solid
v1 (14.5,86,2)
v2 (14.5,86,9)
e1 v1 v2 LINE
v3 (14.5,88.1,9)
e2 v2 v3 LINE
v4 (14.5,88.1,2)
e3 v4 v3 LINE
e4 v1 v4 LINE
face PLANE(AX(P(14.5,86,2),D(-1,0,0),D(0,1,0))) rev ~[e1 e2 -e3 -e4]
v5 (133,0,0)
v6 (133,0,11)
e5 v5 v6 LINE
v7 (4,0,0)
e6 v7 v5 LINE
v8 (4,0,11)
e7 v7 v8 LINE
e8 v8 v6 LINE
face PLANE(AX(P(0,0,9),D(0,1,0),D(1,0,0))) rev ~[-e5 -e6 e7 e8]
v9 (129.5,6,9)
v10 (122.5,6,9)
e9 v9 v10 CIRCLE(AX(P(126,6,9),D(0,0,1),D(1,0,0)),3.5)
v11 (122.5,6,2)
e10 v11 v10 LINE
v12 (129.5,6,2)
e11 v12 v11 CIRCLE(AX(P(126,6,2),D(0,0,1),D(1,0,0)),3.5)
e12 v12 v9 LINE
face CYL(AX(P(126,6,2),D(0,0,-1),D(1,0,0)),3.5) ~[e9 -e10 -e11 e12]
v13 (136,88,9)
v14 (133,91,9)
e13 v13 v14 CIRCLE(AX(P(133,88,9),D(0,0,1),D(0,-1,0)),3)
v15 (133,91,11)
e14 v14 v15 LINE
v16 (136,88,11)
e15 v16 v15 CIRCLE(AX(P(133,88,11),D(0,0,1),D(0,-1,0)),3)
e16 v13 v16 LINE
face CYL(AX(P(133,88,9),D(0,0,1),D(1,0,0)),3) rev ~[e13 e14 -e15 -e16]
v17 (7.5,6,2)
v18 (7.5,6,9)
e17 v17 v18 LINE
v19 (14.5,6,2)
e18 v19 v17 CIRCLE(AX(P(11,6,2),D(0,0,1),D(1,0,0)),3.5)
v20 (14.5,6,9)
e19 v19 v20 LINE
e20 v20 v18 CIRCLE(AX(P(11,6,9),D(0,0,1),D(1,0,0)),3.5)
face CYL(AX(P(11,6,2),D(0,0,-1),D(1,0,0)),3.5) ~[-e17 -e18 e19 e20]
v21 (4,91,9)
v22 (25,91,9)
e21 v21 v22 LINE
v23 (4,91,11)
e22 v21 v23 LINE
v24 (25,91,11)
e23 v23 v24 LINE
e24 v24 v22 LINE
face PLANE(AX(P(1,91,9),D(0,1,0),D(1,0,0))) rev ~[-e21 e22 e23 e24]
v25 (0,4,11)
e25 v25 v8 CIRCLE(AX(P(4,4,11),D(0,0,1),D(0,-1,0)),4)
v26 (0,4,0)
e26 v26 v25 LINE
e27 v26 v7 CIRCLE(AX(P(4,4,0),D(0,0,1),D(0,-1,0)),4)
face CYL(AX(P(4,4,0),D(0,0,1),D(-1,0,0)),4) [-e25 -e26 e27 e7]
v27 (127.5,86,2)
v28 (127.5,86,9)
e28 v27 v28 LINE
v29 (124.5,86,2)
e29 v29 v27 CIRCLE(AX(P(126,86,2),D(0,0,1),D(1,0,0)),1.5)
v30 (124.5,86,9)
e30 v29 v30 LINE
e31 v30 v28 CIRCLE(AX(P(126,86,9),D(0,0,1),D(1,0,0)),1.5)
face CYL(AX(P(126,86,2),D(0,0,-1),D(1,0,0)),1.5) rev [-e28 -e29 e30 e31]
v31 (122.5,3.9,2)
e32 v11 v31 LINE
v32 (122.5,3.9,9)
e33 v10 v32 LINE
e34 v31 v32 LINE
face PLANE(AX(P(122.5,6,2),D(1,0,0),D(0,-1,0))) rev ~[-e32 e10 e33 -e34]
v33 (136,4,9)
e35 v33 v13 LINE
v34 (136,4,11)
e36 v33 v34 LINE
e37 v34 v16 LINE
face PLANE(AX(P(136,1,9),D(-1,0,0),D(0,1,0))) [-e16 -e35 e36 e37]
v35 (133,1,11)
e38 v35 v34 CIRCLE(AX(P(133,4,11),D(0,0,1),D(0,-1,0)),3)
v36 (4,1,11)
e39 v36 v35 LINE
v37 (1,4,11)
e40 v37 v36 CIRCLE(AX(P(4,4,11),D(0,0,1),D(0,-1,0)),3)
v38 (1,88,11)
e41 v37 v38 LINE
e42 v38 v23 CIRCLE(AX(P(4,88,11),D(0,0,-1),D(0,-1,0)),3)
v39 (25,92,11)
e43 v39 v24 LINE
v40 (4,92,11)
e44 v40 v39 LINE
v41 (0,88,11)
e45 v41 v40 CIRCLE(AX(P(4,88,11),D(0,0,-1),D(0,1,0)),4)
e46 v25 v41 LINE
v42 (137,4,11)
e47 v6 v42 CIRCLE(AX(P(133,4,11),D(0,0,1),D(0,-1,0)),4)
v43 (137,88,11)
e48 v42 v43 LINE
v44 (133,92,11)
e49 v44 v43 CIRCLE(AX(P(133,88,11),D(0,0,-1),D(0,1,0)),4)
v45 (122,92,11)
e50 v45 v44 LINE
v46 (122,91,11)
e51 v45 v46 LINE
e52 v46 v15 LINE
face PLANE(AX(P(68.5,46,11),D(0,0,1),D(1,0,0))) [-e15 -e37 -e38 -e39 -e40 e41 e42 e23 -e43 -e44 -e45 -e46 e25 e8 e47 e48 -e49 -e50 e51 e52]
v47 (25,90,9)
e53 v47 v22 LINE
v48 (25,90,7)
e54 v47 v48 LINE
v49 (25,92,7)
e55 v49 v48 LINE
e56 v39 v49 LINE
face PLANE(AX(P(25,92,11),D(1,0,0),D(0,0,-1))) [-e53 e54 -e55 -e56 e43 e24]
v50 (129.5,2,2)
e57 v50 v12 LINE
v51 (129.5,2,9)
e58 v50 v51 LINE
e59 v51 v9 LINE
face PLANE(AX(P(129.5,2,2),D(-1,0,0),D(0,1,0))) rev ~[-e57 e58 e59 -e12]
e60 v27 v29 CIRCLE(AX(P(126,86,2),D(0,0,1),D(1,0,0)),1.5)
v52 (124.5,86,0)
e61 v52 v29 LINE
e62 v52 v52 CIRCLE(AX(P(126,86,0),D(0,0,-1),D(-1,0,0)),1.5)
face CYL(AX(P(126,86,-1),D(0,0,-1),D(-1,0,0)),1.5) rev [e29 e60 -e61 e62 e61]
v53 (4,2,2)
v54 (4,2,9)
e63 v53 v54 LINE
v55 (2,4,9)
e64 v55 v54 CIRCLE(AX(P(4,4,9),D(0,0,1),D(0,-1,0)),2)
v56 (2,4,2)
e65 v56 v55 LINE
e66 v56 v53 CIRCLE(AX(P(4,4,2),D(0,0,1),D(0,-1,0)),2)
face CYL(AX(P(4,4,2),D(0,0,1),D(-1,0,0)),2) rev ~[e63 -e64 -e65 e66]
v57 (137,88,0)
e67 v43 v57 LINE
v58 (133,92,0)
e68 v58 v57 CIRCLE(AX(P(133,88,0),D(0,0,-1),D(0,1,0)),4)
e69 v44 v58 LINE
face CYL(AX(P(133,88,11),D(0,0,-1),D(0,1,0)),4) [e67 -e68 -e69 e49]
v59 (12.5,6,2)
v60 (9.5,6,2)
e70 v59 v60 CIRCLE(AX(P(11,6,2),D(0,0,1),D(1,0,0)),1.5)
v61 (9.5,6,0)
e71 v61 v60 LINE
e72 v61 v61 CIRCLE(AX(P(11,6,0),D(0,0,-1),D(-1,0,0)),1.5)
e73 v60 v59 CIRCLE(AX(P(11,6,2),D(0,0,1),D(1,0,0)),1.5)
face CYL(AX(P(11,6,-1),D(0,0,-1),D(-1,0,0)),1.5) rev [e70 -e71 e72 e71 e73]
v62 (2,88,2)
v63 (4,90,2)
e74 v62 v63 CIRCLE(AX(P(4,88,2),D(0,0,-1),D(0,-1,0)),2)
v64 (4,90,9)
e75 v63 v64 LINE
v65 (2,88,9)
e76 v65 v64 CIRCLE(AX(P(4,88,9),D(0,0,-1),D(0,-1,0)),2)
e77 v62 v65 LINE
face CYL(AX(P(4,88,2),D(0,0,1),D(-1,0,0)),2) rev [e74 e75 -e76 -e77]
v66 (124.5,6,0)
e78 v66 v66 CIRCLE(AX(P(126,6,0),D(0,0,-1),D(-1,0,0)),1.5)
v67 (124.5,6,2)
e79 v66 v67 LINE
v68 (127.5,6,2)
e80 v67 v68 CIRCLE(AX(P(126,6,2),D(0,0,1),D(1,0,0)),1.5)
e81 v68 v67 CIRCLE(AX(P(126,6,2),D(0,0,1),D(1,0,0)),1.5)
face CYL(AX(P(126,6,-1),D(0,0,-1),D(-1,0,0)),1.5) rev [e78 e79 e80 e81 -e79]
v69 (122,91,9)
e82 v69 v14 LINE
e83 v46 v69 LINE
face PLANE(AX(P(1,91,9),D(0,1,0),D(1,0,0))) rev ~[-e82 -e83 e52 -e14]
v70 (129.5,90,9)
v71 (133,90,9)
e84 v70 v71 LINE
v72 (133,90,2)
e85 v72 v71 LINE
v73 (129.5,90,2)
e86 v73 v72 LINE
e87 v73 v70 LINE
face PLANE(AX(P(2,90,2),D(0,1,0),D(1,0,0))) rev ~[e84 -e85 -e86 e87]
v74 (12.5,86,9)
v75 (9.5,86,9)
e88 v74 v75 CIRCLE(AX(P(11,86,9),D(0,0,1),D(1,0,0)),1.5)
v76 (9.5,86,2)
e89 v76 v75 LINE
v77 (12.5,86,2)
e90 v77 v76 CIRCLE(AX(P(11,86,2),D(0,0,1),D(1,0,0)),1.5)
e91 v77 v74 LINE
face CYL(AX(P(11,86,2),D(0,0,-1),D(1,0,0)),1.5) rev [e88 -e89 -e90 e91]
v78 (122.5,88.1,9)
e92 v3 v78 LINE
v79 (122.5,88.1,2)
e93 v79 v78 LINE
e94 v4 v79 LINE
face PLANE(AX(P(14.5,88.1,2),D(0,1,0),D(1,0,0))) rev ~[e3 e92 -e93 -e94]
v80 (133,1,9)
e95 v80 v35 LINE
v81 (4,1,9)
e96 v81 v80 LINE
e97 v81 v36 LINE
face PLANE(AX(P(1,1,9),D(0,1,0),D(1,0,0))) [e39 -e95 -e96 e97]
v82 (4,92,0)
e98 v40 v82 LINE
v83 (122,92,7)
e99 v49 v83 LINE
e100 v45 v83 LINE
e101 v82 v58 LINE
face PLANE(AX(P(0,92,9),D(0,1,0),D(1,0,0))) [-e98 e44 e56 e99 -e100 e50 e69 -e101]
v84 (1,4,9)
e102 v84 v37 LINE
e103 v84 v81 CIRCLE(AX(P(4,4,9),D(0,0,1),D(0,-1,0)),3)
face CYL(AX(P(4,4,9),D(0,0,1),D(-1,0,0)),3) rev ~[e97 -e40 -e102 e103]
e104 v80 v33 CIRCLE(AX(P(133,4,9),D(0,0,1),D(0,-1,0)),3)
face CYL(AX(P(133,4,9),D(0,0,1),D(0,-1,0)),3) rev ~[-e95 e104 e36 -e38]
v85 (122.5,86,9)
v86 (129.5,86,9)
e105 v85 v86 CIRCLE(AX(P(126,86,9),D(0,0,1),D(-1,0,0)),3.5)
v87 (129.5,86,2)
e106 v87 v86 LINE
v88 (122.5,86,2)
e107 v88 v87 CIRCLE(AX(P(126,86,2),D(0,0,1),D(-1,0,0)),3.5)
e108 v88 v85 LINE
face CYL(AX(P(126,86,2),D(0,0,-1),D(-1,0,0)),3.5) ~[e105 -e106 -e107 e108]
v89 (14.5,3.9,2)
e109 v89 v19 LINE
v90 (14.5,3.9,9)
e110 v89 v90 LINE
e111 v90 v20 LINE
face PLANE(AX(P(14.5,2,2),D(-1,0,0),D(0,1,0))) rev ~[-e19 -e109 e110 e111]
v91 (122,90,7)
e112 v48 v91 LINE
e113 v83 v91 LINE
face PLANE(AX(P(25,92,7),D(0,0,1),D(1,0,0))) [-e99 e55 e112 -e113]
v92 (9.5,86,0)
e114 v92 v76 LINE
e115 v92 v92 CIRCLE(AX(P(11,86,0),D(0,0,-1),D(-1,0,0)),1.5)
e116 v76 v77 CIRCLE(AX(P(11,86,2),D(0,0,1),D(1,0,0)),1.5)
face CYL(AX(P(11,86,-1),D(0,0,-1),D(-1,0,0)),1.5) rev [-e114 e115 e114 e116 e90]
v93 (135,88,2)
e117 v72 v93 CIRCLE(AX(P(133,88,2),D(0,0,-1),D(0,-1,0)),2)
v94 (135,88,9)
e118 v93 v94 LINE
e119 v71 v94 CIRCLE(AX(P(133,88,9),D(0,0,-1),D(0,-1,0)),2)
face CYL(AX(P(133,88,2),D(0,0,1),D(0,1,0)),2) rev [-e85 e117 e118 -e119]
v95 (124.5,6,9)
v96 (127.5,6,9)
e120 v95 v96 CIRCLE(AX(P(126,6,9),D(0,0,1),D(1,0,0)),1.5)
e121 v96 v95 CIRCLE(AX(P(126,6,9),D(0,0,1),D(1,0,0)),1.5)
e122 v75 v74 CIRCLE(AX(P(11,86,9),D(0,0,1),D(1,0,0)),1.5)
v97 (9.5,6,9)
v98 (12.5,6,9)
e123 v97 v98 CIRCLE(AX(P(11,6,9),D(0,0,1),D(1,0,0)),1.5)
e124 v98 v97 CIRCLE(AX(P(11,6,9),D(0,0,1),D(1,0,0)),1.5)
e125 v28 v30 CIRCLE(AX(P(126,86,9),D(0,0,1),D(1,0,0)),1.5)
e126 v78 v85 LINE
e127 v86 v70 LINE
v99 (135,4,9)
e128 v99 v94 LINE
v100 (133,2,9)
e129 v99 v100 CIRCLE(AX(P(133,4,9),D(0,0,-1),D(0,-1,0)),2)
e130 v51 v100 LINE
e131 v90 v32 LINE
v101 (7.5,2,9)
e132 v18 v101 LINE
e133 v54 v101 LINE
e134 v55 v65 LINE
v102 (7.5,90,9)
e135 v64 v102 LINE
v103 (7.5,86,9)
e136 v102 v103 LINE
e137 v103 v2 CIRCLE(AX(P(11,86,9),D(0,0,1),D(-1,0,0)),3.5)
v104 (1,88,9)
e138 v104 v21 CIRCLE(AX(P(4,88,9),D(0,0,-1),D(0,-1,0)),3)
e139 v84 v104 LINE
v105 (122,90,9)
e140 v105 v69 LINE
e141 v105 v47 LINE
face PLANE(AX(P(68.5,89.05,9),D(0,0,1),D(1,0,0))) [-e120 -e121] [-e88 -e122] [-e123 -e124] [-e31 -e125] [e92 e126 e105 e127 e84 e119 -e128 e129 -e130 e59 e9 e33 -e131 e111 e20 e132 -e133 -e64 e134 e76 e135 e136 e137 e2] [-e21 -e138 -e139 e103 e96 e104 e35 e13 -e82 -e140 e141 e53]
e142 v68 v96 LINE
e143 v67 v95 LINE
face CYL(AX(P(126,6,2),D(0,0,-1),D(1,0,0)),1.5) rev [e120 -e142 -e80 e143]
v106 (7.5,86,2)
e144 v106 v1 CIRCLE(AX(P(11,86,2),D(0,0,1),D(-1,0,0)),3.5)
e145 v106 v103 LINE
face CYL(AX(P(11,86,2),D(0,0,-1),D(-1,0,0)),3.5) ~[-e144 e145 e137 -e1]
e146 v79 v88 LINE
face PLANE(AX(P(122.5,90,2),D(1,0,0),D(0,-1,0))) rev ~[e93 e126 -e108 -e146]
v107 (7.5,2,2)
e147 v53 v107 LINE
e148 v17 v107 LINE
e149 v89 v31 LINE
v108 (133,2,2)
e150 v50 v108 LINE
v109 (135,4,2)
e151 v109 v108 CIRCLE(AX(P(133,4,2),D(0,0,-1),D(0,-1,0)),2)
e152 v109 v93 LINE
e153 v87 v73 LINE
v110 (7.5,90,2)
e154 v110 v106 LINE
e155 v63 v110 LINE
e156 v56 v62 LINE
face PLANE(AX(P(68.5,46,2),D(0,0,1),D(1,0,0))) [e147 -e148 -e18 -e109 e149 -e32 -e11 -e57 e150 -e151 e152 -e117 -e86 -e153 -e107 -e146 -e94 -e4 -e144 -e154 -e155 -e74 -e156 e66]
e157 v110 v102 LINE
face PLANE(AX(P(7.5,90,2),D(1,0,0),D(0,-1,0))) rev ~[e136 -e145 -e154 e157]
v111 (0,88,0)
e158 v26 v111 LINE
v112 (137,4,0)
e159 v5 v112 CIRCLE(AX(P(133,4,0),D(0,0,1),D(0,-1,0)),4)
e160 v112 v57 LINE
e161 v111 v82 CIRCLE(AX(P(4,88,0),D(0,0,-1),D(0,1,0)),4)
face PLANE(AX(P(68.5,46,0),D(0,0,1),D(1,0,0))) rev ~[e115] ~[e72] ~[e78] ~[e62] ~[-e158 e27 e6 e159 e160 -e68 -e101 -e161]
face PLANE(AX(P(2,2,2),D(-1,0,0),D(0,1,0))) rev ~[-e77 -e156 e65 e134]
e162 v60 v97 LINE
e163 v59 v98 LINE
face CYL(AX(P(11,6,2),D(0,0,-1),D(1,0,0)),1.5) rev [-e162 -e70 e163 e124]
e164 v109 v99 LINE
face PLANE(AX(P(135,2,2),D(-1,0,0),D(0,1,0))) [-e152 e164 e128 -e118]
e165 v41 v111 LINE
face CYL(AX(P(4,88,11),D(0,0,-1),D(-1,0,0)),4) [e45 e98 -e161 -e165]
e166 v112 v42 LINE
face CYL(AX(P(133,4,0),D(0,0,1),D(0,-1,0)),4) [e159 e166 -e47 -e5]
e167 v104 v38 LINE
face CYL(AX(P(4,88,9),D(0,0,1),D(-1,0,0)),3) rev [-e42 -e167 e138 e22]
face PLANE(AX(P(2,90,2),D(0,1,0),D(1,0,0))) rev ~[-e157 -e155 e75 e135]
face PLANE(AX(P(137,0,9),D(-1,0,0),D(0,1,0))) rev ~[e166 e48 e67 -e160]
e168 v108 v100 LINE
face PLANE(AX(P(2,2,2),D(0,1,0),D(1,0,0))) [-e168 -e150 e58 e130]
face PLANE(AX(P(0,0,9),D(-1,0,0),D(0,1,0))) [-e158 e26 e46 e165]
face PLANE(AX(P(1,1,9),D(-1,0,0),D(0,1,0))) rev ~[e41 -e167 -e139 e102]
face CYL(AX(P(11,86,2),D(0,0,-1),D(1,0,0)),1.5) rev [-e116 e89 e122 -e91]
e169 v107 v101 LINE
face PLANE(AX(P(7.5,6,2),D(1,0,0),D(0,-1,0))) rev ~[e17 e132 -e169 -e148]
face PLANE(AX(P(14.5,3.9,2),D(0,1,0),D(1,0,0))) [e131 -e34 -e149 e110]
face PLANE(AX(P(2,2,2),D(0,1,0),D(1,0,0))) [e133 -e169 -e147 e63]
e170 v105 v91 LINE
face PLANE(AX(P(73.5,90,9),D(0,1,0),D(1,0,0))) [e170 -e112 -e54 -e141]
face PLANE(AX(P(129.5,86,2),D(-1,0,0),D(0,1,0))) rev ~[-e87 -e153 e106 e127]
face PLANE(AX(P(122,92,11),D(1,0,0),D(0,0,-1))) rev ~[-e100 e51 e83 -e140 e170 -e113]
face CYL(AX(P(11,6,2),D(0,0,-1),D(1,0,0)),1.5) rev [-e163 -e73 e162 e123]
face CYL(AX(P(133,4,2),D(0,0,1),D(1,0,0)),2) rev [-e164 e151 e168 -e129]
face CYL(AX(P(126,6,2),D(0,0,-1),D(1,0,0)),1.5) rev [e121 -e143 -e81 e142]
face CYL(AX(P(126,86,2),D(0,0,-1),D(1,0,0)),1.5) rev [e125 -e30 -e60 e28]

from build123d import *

# Parameters (mm, degrees)
SKETCH1_W           = 137
SKETCH1_H           = 92
BOSS_EXTRUDE1_DEPTH = 2
SKETCH2_W           = 137
SKETCH2_H           = 92
SKETCH2_W_2         = 133
SKETCH2_H_2         = 88
BOSS_EXTRUDE2_DEPTH = 7
SKETCH3_W           = 137
SKETCH3_H           = 92
SKETCH3_W_2         = 135
SKETCH3_H_2         = 90
BOSS_EXTRUDE3_DEPTH = 2
SKETCH4_R           = 1.5
BOSS_EXTRUDE4_DEPTH = 7
SKETCH8_W           = 108
SKETCH8_H           = 1.9
BOSS_EXTRUDE6_DEPTH = 7
FILLET1_R           = 2
FILLET2_R           = 3
FILLET3_R           = 4
SKETCH11_W          = 108
SKETCH11_H          = 1.9
BOSS_EXTRUDE7_DEPTH = 7
SKETCH12_W          = 97
SKETCH12_H          = 4
CUT_EXTRUDE3_DEPTH  = 2
CUT_EXTRUDE4_START  = -10
SKETCH13_R          = 1.5
CUT_EXTRUDE4_DEPTH  = 10


with BuildPart() as part:
    # Sketch1 → Boss-Extrude1 (new body)
    with BuildSketch(Plane.XY):
        with Locations((68.5, 46)):
            Rectangle(SKETCH1_W, SKETCH1_H)
    extrude(amount=BOSS_EXTRUDE1_DEPTH)

    # Sketch2 → Boss-Extrude2 (add)
    with BuildSketch(Plane.XY.offset(2)):
        with Locations((68.5, 46)):
            Rectangle(SKETCH2_W, SKETCH2_H)
        with Locations((68.5, 46)):
            Rectangle(SKETCH2_W_2, SKETCH2_H_2, mode=Mode.SUBTRACT)
    extrude(amount=BOSS_EXTRUDE2_DEPTH)

    # Sketch3 → Boss-Extrude3 (add)
    with BuildSketch(Plane.XY.offset(9)):
        with Locations((68.5, 46)):
            Rectangle(SKETCH3_W, SKETCH3_H)
        with Locations((68.5, 46)):
            Rectangle(SKETCH3_W_2, SKETCH3_H_2, mode=Mode.SUBTRACT)
    extrude(amount=BOSS_EXTRUDE3_DEPTH)

    # Sketch4 → Boss-Extrude4 (add)
    # profile 1 of 4: a face of its own
    with BuildSketch(Plane.XY.offset(2)):
        with BuildLine():
            Line((7.5, 6), (7.5, 2))
            Line((7.5, 2), (14.5, 2))
            Line((14.5, 2), (14.5, 6))
            ThreePointArc((14.5, 6), (11, 9.5), (7.5, 6))
        make_face()
        with Locations((11, 6)):
            Circle(SKETCH4_R, mode=Mode.SUBTRACT)
    # profile 2 of 4: a face of its own
    with BuildSketch(Plane.XY.offset(2)):
        with BuildLine():
            Line((122.5, 6), (122.5, 2))
            Line((122.5, 2), (129.5, 2))
            Line((129.5, 2), (129.5, 6))
            ThreePointArc((129.5, 6), (126, 9.5), (122.5, 6))
        make_face()
        with Locations((126, 6)):
            Circle(SKETCH4_R, mode=Mode.SUBTRACT)
    # profile 3 of 4: a face of its own
    with BuildSketch(Plane.XY.offset(2)):
        with BuildLine():
            Line((129.5, 86), (129.5, 90))
            Line((129.5, 90), (122.5, 90))
            Line((122.5, 90), (122.5, 86))
            ThreePointArc((122.5, 86), (126, 82.5), (129.5, 86))
        make_face()
        with Locations((126, 86)):
            Circle(SKETCH4_R, mode=Mode.SUBTRACT)
    # profile 4 of 4: a face of its own
    with BuildSketch(Plane.XY.offset(2)):
        with BuildLine():
            Line((14.5, 86), (14.5, 90))
            Line((14.5, 90), (7.5, 90))
            Line((7.5, 90), (7.5, 86))
            ThreePointArc((7.5, 86), (11, 82.5), (14.5, 86))
        make_face()
        with Locations((11, 86)):
            Circle(SKETCH4_R, mode=Mode.SUBTRACT)
    extrude(amount=BOSS_EXTRUDE4_DEPTH)

    # Sketch8 → Boss-Extrude6 (add)
    with BuildSketch(Plane.XY.offset(2)):
        with Locations((68.5, 2.95)):
            Rectangle(SKETCH8_W, SKETCH8_H)
    extrude(amount=BOSS_EXTRUDE6_DEPTH)

    # Fillet1
    fillet1_edges = [part.edges().sort_by_distance(p)[0] for p in [
        (2, 2, 5.5),
        (135, 2, 5.5),
        (135, 90, 5.5),
        (2, 90, 5.5),
    ]]
    fillet(fillet1_edges, radius=FILLET1_R)

    # Fillet2
    fillet2_edges = [part.edges().sort_by_distance(p)[0] for p in [
        (1, 1, 10),
        (136, 1, 10),
        (136, 91, 10),
        (1, 91, 10),
    ]]
    fillet(fillet2_edges, radius=FILLET2_R)

    # Fillet3
    fillet3_edges = [part.edges().sort_by_distance(p)[0] for p in [
        (0, 92, 5.5),
        (137, 92, 5.5),
        (137, 0, 5.5),
        (0, 0, 5.5),
    ]]
    fillet(fillet3_edges, radius=FILLET3_R)

    # Sketch11 → Boss-Extrude7 (add)
    with BuildSketch(Plane.XY.offset(2)):
        with Locations((68.5, 89.05)):
            Rectangle(SKETCH11_W, SKETCH11_H)
    extrude(amount=BOSS_EXTRUDE7_DEPTH)

    # Sketch12 → Cut-Extrude3 (cut)
    with BuildSketch(Plane(origin=(0, 92, 0), x_dir=(1, 0, 0), z_dir=(0, 1, 0))):
        with Locations((73.5, -9)):
            Rectangle(SKETCH12_W, SKETCH12_H)
    extrude(amount=-CUT_EXTRUDE3_DEPTH, mode=Mode.SUBTRACT)

    # Sketch13 → Cut-Extrude4 (cut)
    with BuildSketch(Plane.XY.offset(9).offset(CUT_EXTRUDE4_START)):
        with Locations(Location((11, 86, 0), (0, 0, 180))):
            Circle(SKETCH13_R)
        with Locations(Location((11, 6, 0), (0, 0, 180))):
            Circle(SKETCH13_R)
        with Locations(Location((126, 6, 0), (0, 0, 180))):
            Circle(SKETCH13_R)
        with Locations(Location((126, 86, 0), (0, 0, 180))):
            Circle(SKETCH13_R)
    extrude(amount=CUT_EXTRUDE4_DEPTH, mode=Mode.SUBTRACT)


solid = part.part
